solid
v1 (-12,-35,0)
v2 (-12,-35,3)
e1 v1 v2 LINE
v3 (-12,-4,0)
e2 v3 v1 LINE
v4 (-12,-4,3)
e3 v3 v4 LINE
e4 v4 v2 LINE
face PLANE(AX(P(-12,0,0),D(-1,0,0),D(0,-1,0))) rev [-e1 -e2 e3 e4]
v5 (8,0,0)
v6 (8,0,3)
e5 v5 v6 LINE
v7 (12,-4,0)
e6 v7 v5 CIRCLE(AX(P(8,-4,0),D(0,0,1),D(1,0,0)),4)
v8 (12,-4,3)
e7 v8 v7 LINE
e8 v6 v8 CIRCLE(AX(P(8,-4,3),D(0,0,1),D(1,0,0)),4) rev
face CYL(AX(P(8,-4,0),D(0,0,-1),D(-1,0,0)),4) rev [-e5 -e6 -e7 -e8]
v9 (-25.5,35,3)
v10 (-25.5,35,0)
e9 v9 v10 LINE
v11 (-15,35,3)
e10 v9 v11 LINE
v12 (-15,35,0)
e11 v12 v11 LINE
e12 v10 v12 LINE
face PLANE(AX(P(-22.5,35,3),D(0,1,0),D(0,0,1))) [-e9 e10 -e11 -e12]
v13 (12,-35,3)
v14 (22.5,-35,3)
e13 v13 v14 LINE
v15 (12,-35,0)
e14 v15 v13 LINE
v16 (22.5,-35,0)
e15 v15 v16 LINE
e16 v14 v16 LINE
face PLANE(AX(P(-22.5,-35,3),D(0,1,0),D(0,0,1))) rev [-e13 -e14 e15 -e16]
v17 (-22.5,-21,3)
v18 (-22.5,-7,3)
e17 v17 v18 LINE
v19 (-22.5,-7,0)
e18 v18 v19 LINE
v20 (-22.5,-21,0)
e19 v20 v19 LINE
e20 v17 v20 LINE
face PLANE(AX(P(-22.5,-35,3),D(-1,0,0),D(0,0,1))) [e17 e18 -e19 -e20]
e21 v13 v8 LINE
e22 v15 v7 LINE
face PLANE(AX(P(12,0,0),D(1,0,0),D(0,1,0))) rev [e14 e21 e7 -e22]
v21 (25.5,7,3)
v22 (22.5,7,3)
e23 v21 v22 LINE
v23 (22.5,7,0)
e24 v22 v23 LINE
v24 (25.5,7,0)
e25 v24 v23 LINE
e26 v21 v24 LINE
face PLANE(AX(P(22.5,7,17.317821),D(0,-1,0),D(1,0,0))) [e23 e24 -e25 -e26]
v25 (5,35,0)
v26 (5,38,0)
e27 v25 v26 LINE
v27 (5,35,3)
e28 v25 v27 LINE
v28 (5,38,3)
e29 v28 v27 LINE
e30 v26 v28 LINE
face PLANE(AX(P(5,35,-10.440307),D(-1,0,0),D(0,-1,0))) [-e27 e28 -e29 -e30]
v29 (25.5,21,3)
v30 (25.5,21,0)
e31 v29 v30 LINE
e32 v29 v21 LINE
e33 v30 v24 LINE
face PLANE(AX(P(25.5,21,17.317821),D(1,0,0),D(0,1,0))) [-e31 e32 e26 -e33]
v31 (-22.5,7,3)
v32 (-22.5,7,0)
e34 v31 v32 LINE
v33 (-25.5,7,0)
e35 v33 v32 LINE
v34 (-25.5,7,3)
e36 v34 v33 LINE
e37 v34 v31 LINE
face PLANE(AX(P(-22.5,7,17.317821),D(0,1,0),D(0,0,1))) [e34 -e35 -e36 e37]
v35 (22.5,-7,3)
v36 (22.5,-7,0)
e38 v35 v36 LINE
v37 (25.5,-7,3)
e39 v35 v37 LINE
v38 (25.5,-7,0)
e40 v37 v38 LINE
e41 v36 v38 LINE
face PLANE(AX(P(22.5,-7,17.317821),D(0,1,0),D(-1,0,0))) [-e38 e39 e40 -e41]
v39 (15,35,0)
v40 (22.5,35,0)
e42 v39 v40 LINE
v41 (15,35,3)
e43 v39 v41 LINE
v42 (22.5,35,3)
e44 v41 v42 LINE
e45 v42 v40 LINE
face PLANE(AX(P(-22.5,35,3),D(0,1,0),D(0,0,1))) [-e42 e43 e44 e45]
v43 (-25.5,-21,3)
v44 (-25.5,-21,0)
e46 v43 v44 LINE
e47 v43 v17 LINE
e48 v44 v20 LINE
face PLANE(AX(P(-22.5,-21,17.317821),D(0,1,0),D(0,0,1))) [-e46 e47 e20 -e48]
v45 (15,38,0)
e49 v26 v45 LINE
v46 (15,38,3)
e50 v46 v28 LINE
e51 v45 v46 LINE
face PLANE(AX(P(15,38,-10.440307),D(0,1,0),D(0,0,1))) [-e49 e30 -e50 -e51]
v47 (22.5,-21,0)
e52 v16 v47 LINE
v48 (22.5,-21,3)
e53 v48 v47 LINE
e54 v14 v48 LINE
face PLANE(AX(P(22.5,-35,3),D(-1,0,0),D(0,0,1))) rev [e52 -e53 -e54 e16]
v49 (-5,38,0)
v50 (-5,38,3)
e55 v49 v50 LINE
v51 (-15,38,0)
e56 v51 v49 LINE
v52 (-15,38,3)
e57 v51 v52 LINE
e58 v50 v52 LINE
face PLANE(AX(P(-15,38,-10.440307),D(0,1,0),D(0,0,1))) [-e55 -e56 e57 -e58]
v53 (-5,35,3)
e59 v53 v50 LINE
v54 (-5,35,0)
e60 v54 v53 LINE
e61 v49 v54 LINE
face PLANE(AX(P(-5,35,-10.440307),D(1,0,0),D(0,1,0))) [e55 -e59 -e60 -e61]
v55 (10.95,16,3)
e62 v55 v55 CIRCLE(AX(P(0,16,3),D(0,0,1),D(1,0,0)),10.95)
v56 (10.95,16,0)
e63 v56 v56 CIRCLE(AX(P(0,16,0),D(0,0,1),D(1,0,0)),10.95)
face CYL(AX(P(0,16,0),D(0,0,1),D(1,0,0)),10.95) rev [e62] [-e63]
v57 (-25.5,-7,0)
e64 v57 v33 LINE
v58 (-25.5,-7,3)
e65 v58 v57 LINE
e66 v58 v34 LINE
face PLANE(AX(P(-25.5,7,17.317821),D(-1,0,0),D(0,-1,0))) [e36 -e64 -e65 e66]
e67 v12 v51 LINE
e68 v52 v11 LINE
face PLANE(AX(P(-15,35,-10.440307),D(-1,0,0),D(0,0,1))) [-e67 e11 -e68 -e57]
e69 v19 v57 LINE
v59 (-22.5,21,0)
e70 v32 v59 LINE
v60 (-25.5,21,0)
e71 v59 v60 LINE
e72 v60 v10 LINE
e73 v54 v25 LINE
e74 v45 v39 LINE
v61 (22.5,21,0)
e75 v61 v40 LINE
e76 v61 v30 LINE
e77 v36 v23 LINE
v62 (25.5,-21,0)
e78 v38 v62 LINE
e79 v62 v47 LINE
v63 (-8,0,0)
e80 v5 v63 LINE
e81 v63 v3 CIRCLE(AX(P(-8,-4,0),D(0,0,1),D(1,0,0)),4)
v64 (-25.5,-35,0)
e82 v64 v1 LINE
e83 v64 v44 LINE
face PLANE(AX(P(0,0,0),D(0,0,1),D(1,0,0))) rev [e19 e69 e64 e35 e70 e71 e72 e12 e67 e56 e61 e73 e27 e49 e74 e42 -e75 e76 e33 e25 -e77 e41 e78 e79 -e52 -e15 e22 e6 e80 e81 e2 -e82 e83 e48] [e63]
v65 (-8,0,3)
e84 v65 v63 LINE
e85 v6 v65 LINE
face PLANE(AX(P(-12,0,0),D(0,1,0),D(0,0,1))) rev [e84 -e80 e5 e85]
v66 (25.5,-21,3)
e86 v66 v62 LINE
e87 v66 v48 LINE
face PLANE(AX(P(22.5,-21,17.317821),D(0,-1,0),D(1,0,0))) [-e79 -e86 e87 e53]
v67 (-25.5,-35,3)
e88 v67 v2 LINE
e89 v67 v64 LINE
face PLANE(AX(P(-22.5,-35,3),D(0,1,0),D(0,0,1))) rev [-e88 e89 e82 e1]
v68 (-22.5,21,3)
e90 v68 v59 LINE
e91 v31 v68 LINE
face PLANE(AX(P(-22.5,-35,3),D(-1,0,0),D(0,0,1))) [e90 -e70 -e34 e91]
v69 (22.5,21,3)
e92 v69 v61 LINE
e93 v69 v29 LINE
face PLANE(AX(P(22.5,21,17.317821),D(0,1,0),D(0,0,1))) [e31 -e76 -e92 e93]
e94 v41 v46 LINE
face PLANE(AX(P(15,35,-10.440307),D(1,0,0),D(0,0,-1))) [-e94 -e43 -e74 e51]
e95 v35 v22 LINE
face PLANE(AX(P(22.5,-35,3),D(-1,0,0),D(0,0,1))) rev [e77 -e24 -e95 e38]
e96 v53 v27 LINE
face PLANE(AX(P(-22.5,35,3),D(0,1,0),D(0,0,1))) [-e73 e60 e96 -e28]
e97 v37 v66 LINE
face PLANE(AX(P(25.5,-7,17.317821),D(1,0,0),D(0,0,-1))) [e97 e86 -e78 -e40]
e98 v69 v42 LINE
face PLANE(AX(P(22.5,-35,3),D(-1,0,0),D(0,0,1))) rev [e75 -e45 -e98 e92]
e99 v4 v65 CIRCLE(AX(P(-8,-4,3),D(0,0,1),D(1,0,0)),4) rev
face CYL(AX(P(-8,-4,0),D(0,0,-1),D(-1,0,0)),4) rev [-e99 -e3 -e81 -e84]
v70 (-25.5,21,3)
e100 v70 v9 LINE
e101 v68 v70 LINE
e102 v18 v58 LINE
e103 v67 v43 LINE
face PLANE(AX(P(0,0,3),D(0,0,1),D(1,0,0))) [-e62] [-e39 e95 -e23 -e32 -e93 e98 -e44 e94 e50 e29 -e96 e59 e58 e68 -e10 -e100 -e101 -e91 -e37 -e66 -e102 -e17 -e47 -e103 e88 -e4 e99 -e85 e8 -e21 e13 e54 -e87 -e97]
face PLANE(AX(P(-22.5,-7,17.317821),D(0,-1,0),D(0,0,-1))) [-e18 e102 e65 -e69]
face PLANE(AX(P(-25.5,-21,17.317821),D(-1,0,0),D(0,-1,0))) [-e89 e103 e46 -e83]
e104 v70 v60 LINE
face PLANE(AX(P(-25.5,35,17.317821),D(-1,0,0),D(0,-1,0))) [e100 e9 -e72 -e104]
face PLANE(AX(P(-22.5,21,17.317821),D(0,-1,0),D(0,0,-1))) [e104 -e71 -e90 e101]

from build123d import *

# Parameters (mm, degrees)
SKETCH1_W           = 45
SKETCH1_H           = 70
BOSS_EXTRUDE1_DEPTH = 3
SKETCH2_R           = 10.95
SKETCH2_W           = 24
SKETCH2_H           = 35
CUT_EXTRUDE1_DEPTH  = 4
FILLET1_R           = 4
SKETCH4_W           = 10
SKETCH4_H           = 3
BOSS_EXTRUDE3_DEPTH = 3
SKETCH3_W           = 3
SKETCH3_H           = 14
BOSS_EXTRUDE2_DEPTH = 3


with BuildPart() as part:
    # Sketch1 → Boss-Extrude1 (new body)
    with BuildSketch(Plane.XY):
        Rectangle(SKETCH1_W, SKETCH1_H)
    extrude(amount=BOSS_EXTRUDE1_DEPTH)

    # Sketch2 → Cut-Extrude1 (cut, through all)
    with BuildSketch(Plane.XY.offset(3)):
        with Locations((0, 16)):
            Circle(SKETCH2_R)
        with Locations((0, -17.5)):
            Rectangle(SKETCH2_W, SKETCH2_H)
    extrude(amount=-CUT_EXTRUDE1_DEPTH, mode=Mode.SUBTRACT)

    # Fillet1
    fillet1_edges = [part.edges().sort_by_distance(p)[0] for p in [
        (12, 0, 1.5),
        (-12, 0, 1.5),
    ]]
    fillet(fillet1_edges, radius=FILLET1_R)

    # Sketch4 → Boss-Extrude3 (add)
    with BuildSketch(Plane.XY.offset(3)):
        with Locations((-10, 36.5)):
            Rectangle(SKETCH4_W, SKETCH4_H)
        with Locations((10, 36.5)):
            Rectangle(SKETCH4_W, SKETCH4_H)
    extrude(amount=-BOSS_EXTRUDE3_DEPTH)

    # Sketch3 → Boss-Extrude2 (add)
    with BuildSketch(Plane(origin=(0, 0, 0), x_dir=(-1, 0, 0), z_dir=(0, 0, -1))):
        with Locations((24, 0)):
            Rectangle(SKETCH3_W, SKETCH3_H)
        with Locations((24, 28)):
            Rectangle(SKETCH3_W, SKETCH3_H)
        with Locations((24, -28)):
            Rectangle(SKETCH3_W, SKETCH3_H)
        with Locations((-24, 14)):
            Rectangle(SKETCH3_W, SKETCH3_H)
        with Locations((-24, -14)):
            Rectangle(SKETCH3_W, SKETCH3_H)
    extrude(amount=-BOSS_EXTRUDE2_DEPTH)


solid = part.part
